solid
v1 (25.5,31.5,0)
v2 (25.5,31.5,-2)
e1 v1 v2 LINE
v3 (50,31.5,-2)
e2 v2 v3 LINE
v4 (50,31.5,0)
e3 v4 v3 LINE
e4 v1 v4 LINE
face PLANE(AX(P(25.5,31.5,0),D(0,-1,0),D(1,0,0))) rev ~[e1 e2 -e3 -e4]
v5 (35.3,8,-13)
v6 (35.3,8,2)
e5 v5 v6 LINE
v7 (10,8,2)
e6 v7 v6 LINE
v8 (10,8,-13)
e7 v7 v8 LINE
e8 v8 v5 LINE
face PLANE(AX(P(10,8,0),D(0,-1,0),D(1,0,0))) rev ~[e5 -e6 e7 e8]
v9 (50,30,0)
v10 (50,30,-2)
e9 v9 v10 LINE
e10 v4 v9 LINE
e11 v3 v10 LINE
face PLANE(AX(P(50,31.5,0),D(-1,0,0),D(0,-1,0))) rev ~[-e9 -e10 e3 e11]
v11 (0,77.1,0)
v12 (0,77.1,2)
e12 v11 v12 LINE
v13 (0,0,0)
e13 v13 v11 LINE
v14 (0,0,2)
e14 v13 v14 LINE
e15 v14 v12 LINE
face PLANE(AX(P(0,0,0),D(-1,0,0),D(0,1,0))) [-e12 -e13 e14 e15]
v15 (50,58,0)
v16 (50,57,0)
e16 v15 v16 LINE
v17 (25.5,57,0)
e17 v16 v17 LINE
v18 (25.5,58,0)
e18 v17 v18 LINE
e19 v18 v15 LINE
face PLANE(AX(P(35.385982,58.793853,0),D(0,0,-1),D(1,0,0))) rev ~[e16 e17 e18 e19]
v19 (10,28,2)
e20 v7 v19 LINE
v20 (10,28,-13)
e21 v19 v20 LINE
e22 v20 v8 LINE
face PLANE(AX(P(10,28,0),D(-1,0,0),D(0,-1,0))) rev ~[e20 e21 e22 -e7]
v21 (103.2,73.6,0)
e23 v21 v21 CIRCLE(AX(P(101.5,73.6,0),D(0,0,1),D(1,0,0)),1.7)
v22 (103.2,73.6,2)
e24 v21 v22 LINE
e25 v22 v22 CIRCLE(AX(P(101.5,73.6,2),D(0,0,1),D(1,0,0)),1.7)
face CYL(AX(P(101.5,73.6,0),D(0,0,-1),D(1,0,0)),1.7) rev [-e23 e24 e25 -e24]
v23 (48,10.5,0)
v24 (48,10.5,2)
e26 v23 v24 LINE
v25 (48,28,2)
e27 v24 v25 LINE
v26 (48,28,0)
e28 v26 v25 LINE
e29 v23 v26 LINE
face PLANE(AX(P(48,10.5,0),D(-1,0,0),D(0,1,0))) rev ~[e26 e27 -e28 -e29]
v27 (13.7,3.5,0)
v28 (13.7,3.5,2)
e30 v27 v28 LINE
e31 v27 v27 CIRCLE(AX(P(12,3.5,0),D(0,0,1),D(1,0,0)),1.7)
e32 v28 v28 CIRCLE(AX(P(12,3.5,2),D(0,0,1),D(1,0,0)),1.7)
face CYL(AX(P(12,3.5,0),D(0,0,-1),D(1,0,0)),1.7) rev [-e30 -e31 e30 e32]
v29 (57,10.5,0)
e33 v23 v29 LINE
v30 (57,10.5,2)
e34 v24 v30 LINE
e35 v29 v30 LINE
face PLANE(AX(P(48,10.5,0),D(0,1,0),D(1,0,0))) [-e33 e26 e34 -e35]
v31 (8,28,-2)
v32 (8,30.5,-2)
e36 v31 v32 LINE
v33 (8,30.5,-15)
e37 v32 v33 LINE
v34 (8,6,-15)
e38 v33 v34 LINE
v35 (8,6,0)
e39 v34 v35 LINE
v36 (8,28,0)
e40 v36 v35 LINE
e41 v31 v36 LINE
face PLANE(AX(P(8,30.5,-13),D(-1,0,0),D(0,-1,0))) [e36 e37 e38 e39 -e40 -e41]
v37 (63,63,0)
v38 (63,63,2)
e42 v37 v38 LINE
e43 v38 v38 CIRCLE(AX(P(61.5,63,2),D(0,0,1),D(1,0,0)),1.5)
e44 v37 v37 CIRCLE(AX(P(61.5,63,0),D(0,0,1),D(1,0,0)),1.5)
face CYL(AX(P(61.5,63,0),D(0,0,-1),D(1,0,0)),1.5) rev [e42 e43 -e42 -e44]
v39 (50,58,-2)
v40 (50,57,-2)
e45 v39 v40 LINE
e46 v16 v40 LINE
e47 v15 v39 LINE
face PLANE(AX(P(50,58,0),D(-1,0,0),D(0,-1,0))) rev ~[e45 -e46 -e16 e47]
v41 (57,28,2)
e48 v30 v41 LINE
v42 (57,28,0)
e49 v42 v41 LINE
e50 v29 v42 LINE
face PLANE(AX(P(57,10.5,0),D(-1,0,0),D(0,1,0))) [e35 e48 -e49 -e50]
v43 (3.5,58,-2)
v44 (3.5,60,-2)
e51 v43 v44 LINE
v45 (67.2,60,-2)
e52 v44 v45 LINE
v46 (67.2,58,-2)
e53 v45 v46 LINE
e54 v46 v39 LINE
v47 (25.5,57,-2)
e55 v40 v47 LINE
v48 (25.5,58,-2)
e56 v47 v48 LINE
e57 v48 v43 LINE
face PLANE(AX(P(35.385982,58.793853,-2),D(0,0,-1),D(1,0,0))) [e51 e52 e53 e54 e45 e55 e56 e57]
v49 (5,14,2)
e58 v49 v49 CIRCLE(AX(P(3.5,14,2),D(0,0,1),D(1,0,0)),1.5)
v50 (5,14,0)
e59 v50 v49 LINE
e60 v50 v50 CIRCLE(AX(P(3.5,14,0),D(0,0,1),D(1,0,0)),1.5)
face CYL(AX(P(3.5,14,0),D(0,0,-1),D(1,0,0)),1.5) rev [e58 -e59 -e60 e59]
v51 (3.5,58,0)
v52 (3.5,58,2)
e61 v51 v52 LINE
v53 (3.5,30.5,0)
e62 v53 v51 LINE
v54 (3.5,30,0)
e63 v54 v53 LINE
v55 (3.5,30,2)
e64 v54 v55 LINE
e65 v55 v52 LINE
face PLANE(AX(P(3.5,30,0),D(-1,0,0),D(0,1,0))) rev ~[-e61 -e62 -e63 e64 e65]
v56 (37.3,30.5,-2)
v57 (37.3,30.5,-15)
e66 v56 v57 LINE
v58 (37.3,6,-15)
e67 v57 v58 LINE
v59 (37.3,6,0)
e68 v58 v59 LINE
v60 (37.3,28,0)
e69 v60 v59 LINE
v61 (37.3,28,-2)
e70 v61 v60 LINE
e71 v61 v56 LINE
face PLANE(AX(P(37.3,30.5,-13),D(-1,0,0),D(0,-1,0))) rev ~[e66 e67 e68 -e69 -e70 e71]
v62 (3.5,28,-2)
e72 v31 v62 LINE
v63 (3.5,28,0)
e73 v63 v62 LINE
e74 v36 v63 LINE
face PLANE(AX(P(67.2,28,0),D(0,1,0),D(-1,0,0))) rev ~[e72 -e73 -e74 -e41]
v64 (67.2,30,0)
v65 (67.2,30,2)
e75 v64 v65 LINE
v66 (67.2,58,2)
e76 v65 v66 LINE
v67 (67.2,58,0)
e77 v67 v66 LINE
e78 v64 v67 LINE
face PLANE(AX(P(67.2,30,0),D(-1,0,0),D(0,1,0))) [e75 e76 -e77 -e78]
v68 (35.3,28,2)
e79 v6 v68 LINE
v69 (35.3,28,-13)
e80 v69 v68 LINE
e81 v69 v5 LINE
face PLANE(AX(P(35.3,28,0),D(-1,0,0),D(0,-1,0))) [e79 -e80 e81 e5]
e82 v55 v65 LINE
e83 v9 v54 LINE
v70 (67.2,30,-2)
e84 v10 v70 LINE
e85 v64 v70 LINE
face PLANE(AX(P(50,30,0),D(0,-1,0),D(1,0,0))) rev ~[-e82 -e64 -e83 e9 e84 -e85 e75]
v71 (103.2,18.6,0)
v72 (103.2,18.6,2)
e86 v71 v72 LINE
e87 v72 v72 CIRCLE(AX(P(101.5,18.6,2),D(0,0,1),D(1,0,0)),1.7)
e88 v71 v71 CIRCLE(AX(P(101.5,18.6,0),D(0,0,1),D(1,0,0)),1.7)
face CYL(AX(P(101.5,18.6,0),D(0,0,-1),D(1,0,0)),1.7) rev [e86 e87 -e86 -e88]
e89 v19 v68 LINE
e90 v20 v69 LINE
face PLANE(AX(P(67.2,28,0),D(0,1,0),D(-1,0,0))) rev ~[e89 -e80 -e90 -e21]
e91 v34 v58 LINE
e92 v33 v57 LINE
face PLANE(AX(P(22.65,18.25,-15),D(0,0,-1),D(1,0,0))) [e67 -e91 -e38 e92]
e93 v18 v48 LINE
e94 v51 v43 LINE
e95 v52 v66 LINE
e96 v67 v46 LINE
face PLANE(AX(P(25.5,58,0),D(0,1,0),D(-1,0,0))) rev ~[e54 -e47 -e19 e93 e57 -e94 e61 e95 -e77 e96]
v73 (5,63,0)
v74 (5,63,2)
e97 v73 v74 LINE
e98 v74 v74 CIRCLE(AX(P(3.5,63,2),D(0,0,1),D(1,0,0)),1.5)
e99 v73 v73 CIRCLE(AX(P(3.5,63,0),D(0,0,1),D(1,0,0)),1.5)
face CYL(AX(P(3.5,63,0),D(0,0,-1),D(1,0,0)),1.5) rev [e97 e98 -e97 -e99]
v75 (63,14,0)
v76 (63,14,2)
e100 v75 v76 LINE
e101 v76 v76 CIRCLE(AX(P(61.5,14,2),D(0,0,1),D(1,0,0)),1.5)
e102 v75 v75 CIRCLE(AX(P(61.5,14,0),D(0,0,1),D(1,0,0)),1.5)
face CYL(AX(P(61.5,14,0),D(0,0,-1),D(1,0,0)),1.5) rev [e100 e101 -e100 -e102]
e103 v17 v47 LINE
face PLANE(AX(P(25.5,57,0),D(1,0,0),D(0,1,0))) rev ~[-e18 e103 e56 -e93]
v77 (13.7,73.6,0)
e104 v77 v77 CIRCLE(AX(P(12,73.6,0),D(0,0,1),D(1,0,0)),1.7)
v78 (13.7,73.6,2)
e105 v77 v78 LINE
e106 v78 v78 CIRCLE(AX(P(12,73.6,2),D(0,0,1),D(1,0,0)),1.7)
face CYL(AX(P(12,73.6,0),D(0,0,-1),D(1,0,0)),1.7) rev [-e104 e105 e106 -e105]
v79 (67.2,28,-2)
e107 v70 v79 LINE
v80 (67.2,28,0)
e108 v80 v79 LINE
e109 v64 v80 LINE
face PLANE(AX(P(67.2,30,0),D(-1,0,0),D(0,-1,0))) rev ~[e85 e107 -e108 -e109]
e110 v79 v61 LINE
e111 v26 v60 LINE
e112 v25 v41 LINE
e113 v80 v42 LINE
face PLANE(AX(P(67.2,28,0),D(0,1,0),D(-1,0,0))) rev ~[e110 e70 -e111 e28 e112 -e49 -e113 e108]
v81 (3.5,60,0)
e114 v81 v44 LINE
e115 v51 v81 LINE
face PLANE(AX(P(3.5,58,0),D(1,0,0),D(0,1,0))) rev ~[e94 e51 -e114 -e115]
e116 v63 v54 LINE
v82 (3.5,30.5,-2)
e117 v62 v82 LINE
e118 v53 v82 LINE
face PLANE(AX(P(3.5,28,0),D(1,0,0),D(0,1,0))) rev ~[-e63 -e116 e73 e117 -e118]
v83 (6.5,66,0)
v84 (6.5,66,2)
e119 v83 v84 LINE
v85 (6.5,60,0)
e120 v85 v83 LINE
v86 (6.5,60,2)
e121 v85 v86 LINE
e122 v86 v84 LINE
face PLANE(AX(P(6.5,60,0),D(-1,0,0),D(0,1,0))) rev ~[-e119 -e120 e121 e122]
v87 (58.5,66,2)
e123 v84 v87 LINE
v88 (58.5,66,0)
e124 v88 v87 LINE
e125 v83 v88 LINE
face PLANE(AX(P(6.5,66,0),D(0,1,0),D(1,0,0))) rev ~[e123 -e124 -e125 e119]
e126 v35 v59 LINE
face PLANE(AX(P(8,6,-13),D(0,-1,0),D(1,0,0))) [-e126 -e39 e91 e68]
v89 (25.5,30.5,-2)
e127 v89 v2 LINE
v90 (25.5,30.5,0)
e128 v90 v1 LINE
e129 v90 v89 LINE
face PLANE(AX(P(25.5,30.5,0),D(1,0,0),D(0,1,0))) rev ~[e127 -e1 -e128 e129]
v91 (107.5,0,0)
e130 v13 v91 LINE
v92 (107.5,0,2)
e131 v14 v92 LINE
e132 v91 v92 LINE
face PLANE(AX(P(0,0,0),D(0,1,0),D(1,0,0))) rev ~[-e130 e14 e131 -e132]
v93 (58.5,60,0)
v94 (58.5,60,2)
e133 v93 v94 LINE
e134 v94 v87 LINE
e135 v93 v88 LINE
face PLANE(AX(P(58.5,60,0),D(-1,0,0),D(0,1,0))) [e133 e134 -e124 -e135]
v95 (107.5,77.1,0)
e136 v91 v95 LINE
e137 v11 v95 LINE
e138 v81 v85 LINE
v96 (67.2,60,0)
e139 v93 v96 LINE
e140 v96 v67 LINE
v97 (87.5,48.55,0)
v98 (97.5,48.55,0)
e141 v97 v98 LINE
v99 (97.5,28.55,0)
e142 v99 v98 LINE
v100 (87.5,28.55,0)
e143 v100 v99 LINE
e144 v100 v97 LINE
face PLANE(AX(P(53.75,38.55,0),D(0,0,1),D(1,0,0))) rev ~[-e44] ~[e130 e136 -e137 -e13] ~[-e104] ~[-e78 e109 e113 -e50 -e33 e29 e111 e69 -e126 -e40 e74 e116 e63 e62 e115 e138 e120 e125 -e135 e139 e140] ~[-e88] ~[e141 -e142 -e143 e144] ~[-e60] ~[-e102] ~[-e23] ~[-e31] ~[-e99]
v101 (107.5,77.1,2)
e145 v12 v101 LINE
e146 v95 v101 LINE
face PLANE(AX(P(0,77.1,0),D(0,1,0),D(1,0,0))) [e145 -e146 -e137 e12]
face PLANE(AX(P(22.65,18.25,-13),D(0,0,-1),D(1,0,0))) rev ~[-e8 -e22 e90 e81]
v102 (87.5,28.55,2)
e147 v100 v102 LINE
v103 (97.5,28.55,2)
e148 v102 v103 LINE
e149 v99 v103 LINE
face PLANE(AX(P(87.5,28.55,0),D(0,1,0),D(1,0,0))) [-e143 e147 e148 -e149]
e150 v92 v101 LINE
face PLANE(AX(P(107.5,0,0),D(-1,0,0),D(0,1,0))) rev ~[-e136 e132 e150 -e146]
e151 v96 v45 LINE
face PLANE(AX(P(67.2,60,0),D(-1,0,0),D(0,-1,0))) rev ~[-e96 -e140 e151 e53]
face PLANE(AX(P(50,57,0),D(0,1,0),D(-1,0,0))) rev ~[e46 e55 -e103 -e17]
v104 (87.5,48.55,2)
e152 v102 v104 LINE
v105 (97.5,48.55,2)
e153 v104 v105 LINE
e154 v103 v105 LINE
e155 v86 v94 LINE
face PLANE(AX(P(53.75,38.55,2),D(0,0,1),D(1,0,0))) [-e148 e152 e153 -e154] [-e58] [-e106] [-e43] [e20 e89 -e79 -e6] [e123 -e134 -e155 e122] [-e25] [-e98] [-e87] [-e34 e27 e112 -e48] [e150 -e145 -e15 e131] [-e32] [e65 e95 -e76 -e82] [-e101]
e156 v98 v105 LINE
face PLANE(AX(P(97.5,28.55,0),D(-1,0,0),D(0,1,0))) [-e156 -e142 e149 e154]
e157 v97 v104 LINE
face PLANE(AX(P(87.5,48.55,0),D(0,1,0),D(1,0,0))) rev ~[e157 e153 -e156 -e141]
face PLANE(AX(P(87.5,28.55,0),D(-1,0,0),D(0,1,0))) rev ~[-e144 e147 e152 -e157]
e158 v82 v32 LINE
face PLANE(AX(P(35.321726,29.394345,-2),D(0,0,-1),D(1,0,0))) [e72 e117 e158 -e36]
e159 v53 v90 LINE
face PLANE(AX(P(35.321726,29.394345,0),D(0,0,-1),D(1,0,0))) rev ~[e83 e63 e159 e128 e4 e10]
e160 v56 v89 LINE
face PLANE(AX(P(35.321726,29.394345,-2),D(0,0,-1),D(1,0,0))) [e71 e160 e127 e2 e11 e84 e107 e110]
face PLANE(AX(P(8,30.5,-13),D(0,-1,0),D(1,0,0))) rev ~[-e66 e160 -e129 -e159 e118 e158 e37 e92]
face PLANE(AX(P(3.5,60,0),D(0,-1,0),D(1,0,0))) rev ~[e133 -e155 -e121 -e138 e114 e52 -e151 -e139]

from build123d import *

# Parameters (mm, degrees)
SKETCH_W      = 107.5
SKETCH_H      = 77.1
SKETCH_R      = 1.7
SKETCH_R_2    = 1.5
SKETCH_W_2    = 63.7
SKETCH_H_2    = 28
SKETCH_W_3    = 25.3
SKETCH_H_3    = 20
SKETCH_W_4    = 52
SKETCH_H_4    = 6
SKETCH_W_5    = 10
SKETCH_W_6    = 9
SKETCH_H_5    = 17.5
PAD_DEPTH     = 2
PAD003_DEPTH  = 2
SKETCH005_W   = 29.3
SKETCH005_H   = 24.5
SKETCH005_W_2 = 25.3
SKETCH005_H_2 = 20
PAD004_DEPTH  = 13
SKETCH006_W   = 29.3
SKETCH006_H   = 24.5
PAD005_DEPTH  = 2


with BuildPart() as part:
    # Sketch (on XY_Plane of Origin) → Pad (new body)
    with BuildSketch(Plane.XY):
        with Locations((53.75, 38.55)):
            Rectangle(SKETCH_W, SKETCH_H)
        with Locations((12, 73.6)):
            Circle(SKETCH_R, mode=Mode.SUBTRACT)
        with Locations((12, 3.5)):
            Circle(SKETCH_R, mode=Mode.SUBTRACT)
        with Locations((101.5, 73.6)):
            Circle(SKETCH_R, mode=Mode.SUBTRACT)
        with Locations((101.5, 18.6)):
            Circle(SKETCH_R, mode=Mode.SUBTRACT)
        with Locations((61.5, 63)):
            Circle(SKETCH_R_2, mode=Mode.SUBTRACT)
        with Locations((61.5, 14)):
            Circle(SKETCH_R_2, mode=Mode.SUBTRACT)
        with Locations((3.5, 14)):
            Circle(SKETCH_R_2, mode=Mode.SUBTRACT)
        with Locations((3.5, 63)):
            Circle(SKETCH_R_2, mode=Mode.SUBTRACT)
        with Locations((35.35, 44)):
            Rectangle(SKETCH_W_2, SKETCH_H_2, mode=Mode.SUBTRACT)
        with Locations((22.65, 18)):
            Rectangle(SKETCH_W_3, SKETCH_H_3, mode=Mode.SUBTRACT)
        with Locations((32.5, 63)):
            Rectangle(SKETCH_W_4, SKETCH_H_4, mode=Mode.SUBTRACT)
        with Locations((92.5, 38.55)):
            Rectangle(SKETCH_W_5, SKETCH_H_3, mode=Mode.SUBTRACT)
        with Locations((52.5, 19.25)):
            Rectangle(SKETCH_W_6, SKETCH_H_5, mode=Mode.SUBTRACT)
    extrude(amount=PAD_DEPTH)

    # Sketch004 → Pad003 (join)
    with BuildSketch(Plane(origin=(0, 0, 0), x_dir=(1, 0, 0), z_dir=(0, 0, -1))):
        Polygon((3.5, -58), (3.5, -60), (67.2, -60), (67.2, -58), (50, -58), (50, -57), (25.5, -57), (25.5, -58), align=None)
        Polygon((67.2, -30), (67.2, -28), (3.5, -28), (3.5, -30.5), (25.5, -30.5), (25.5, -31.5), (50, -31.5), (50, -30), align=None)
    extrude(amount=PAD003_DEPTH)

    # Sketch005 (on Face4 of Pad003) → Pad004 (join)
    with BuildSketch(Plane(origin=(0, 0, 0), x_dir=(1, 0, 0), z_dir=(0, 0, -1))):
        with Locations((22.65, -18.25)):
            Rectangle(SKETCH005_W, SKETCH005_H)
        with Locations((22.65, -18)):
            Rectangle(SKETCH005_W_2, SKETCH005_H_2, mode=Mode.SUBTRACT)
    extrude(amount=PAD004_DEPTH)

    # Sketch006 (on Face48 of Pad004) → Pad005 (join)
    with BuildSketch(Plane(origin=(0, 0, -13), x_dir=(1, 0, 0), z_dir=(0, 0, -1))):
        with Locations((22.65, -18.25)):
            Rectangle(SKETCH006_W, SKETCH006_H)
    extrude(amount=PAD005_DEPTH)


solid = part.part
